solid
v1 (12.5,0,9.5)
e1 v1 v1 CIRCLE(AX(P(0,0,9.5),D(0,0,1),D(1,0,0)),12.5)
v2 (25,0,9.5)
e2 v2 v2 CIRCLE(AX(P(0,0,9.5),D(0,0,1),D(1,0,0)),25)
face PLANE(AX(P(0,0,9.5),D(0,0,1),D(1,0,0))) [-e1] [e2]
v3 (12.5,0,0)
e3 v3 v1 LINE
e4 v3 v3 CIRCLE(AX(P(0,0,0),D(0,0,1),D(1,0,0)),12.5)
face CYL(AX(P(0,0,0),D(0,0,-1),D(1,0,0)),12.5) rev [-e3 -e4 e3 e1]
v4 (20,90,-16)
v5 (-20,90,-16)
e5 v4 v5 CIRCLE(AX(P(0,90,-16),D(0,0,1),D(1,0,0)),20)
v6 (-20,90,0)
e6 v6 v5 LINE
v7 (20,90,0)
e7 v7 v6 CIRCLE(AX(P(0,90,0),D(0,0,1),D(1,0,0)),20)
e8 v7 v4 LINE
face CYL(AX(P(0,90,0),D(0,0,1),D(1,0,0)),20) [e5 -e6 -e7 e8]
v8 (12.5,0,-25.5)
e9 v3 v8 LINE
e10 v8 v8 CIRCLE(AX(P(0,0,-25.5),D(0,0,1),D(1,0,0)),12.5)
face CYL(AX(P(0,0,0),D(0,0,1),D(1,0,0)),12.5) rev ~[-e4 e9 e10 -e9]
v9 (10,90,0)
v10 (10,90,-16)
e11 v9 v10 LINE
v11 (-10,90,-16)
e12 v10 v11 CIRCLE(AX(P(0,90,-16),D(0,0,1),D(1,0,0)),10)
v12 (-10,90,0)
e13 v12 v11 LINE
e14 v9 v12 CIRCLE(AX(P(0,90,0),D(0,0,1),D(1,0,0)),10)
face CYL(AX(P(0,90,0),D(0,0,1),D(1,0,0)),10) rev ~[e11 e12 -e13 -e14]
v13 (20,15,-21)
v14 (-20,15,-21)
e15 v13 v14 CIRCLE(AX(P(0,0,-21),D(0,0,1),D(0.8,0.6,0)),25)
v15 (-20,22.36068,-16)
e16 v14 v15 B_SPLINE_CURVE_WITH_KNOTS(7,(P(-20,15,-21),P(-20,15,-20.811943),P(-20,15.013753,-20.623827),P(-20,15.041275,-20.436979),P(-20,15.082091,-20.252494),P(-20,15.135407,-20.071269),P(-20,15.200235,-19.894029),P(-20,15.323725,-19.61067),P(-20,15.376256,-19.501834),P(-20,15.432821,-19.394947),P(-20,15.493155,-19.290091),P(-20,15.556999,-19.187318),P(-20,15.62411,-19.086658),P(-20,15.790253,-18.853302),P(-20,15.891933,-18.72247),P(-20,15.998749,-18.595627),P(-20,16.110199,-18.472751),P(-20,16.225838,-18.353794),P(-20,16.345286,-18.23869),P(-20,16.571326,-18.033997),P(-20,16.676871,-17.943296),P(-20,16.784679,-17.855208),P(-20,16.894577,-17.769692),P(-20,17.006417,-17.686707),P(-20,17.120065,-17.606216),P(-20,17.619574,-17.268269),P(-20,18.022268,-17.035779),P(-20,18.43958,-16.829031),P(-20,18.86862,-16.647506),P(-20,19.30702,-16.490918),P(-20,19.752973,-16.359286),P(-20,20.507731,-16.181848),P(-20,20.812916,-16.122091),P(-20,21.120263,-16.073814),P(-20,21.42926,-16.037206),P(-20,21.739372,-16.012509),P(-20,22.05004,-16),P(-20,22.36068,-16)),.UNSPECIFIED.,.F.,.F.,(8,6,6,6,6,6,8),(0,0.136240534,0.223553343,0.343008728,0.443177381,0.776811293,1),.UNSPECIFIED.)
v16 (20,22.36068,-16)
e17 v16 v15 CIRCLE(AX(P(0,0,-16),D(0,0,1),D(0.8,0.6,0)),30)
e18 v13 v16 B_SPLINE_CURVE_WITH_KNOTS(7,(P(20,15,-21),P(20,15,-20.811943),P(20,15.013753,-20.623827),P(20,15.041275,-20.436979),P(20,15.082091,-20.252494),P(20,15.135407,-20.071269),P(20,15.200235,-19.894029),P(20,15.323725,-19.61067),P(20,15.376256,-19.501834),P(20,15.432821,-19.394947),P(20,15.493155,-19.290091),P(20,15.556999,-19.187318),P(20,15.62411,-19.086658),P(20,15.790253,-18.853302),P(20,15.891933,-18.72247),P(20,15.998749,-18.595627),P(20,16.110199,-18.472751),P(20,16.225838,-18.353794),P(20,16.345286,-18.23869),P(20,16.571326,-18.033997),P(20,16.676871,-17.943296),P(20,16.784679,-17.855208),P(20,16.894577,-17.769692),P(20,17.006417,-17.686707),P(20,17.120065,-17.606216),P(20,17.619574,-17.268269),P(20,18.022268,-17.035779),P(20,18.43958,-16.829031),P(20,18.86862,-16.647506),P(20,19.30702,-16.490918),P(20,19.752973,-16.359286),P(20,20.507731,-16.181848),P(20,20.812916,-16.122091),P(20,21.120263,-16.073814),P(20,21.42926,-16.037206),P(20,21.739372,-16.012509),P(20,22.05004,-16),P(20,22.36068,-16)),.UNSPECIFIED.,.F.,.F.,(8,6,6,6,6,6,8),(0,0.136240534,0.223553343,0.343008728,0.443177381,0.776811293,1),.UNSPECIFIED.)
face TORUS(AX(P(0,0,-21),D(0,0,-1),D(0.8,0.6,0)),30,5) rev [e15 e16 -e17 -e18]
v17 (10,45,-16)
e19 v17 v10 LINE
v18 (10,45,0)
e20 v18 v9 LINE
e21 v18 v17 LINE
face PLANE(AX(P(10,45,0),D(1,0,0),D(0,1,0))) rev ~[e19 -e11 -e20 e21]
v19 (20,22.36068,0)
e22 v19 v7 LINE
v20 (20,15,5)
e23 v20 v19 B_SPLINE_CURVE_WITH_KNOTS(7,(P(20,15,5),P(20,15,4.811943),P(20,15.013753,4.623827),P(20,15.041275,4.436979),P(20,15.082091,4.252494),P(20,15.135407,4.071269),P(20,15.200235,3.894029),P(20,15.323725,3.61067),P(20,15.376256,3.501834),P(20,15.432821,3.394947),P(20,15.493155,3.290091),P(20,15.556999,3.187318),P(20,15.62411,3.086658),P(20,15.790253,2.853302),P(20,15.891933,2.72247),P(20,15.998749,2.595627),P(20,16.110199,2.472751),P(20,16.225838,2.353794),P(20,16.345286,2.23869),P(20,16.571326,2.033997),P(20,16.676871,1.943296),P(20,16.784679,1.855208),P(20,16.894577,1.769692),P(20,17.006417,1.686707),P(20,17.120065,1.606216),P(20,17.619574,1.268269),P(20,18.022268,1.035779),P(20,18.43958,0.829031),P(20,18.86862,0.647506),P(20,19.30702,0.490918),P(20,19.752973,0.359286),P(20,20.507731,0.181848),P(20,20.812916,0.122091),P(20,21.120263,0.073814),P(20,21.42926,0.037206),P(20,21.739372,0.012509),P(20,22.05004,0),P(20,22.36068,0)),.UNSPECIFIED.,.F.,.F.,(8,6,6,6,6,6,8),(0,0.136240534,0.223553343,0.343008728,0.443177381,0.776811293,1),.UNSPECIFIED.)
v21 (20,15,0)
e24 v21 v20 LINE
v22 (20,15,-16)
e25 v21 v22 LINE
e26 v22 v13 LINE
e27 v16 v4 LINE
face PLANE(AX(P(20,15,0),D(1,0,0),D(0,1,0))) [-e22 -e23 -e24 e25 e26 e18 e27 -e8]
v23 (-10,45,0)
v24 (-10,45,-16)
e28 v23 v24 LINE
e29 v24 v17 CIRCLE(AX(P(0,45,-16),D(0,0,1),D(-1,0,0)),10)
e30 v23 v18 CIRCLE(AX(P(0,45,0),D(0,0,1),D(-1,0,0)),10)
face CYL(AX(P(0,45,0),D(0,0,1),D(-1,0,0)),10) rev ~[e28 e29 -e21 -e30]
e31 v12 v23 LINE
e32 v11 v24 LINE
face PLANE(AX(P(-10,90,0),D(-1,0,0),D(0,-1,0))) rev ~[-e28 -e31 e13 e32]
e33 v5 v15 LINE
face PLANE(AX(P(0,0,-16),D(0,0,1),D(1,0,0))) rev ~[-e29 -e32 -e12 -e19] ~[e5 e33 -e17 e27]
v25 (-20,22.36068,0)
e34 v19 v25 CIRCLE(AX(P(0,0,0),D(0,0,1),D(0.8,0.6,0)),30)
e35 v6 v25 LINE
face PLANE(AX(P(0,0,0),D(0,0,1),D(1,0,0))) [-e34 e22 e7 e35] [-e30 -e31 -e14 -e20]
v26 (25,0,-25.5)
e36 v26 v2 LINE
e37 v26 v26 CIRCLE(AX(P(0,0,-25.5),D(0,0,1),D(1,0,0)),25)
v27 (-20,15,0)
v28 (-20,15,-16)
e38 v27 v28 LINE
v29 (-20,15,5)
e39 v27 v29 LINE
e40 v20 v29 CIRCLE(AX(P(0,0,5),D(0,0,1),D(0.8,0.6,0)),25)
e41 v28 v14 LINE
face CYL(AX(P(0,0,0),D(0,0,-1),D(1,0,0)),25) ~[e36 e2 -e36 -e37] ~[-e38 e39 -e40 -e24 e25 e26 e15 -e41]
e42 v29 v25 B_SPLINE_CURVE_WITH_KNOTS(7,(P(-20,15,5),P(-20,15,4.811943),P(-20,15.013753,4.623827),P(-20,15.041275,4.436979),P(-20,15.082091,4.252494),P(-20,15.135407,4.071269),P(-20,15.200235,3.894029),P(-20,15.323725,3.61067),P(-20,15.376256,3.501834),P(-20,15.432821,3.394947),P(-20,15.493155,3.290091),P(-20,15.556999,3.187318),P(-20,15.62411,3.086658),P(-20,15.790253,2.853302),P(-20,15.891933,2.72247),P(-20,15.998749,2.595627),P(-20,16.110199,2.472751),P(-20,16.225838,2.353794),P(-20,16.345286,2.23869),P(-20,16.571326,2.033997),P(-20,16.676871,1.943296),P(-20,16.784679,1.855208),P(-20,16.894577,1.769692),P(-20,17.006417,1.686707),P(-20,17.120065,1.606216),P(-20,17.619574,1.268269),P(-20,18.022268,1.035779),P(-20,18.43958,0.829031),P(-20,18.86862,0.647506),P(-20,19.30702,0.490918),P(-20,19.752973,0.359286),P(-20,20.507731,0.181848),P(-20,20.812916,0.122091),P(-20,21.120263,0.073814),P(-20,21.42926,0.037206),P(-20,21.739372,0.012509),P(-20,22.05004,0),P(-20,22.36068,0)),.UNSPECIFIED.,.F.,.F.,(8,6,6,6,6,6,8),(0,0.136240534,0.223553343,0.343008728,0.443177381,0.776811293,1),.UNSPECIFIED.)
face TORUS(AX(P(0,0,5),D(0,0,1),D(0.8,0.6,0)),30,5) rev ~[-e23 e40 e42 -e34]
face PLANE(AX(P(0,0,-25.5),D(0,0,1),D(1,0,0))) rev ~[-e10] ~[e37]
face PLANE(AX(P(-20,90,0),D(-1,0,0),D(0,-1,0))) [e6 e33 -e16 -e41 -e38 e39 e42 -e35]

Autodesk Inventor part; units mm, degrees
ref_plane "YZ Plane" through (0, 0, 0) normal (1, 0, 0) x (0, 1, 0)
ref_plane "XZ Plane" through (0, 0, 0) normal (0, 1, 0) x (-1, 0, 0)
ref_plane "XY Plane" through (0, 0, 0) normal (0, 0, 1) x (1, 0, 0)
sketch "Náčrt1" plane through (0, 0, 0) normal (0, 0, 1) x (1, 0, 0)
  circle A0 centre (0, 0) radius 25
  dimension "d0" = 50
extrude "Vysunutí1" add sketch "Náčrt1" against normal blind 25.5
sketch "Náčrt2" plane through (0, 0, 0) normal (0, 0, 1) x (1, 0, 0)
  circle A0 centre (0, 0) radius 12.5
  dimension "d3" = 25
extrude "Vysunutí2" cut sketch "Náčrt2" against normal blind 35
sketch "Náčrt3" plane through (0, 0, 0) normal (0, 0, 1) x (1, 0, 0)
  circle A0 centre (0, 0) radius 25 projected
  line L0 (20, 15) -> (20, 90)
  arc A1 (20, 90) -> (-20, 90) centre (0, 90) ccw
  line L1 (-20, 90) -> (-20, 15)
  arc A2 (10, 90) -> (-10, 90) centre (0, 90) ccw
  line L2 (-10, 90) -> (-10, 45)
  arc A3 (-10, 45) -> (10, 45) centre (0, 45) ccw
  line L3 (10, 45) -> (10, 90)
  arc A4 (20, 15) -> (-20, 15) centre (0, 0) ccw
  dimension "d7" = 90
  dimension "d8" = 40
  dimension "d9" = 20
  dimension "d10" = 20
  dimension "d11" = 10
  dimension "d12" = 45
extrude "Vysunutí3" add sketch "Náčrt3" against normal blind 16 contours A0 L1 A1 L0
sketch "Náčrt4" plane through (0, 0, 0) normal (0, 0, 1) x (1, 0, 0)
  circle A0 centre (0, 0) radius 25
  circle A1 centre (0, 0) radius 25 projected
  circle A2 centre (0, 0) radius 12.5
extrude "Vysunutí4" add sketch "Náčrt4" along normal blind 9.5
fillet "Zaoblení1" radius 5 1 edges at (0, 25, 0)
fillet "Zaoblení2" radius 5 1 edges at (0, 25, -16)
properties part number "13"
